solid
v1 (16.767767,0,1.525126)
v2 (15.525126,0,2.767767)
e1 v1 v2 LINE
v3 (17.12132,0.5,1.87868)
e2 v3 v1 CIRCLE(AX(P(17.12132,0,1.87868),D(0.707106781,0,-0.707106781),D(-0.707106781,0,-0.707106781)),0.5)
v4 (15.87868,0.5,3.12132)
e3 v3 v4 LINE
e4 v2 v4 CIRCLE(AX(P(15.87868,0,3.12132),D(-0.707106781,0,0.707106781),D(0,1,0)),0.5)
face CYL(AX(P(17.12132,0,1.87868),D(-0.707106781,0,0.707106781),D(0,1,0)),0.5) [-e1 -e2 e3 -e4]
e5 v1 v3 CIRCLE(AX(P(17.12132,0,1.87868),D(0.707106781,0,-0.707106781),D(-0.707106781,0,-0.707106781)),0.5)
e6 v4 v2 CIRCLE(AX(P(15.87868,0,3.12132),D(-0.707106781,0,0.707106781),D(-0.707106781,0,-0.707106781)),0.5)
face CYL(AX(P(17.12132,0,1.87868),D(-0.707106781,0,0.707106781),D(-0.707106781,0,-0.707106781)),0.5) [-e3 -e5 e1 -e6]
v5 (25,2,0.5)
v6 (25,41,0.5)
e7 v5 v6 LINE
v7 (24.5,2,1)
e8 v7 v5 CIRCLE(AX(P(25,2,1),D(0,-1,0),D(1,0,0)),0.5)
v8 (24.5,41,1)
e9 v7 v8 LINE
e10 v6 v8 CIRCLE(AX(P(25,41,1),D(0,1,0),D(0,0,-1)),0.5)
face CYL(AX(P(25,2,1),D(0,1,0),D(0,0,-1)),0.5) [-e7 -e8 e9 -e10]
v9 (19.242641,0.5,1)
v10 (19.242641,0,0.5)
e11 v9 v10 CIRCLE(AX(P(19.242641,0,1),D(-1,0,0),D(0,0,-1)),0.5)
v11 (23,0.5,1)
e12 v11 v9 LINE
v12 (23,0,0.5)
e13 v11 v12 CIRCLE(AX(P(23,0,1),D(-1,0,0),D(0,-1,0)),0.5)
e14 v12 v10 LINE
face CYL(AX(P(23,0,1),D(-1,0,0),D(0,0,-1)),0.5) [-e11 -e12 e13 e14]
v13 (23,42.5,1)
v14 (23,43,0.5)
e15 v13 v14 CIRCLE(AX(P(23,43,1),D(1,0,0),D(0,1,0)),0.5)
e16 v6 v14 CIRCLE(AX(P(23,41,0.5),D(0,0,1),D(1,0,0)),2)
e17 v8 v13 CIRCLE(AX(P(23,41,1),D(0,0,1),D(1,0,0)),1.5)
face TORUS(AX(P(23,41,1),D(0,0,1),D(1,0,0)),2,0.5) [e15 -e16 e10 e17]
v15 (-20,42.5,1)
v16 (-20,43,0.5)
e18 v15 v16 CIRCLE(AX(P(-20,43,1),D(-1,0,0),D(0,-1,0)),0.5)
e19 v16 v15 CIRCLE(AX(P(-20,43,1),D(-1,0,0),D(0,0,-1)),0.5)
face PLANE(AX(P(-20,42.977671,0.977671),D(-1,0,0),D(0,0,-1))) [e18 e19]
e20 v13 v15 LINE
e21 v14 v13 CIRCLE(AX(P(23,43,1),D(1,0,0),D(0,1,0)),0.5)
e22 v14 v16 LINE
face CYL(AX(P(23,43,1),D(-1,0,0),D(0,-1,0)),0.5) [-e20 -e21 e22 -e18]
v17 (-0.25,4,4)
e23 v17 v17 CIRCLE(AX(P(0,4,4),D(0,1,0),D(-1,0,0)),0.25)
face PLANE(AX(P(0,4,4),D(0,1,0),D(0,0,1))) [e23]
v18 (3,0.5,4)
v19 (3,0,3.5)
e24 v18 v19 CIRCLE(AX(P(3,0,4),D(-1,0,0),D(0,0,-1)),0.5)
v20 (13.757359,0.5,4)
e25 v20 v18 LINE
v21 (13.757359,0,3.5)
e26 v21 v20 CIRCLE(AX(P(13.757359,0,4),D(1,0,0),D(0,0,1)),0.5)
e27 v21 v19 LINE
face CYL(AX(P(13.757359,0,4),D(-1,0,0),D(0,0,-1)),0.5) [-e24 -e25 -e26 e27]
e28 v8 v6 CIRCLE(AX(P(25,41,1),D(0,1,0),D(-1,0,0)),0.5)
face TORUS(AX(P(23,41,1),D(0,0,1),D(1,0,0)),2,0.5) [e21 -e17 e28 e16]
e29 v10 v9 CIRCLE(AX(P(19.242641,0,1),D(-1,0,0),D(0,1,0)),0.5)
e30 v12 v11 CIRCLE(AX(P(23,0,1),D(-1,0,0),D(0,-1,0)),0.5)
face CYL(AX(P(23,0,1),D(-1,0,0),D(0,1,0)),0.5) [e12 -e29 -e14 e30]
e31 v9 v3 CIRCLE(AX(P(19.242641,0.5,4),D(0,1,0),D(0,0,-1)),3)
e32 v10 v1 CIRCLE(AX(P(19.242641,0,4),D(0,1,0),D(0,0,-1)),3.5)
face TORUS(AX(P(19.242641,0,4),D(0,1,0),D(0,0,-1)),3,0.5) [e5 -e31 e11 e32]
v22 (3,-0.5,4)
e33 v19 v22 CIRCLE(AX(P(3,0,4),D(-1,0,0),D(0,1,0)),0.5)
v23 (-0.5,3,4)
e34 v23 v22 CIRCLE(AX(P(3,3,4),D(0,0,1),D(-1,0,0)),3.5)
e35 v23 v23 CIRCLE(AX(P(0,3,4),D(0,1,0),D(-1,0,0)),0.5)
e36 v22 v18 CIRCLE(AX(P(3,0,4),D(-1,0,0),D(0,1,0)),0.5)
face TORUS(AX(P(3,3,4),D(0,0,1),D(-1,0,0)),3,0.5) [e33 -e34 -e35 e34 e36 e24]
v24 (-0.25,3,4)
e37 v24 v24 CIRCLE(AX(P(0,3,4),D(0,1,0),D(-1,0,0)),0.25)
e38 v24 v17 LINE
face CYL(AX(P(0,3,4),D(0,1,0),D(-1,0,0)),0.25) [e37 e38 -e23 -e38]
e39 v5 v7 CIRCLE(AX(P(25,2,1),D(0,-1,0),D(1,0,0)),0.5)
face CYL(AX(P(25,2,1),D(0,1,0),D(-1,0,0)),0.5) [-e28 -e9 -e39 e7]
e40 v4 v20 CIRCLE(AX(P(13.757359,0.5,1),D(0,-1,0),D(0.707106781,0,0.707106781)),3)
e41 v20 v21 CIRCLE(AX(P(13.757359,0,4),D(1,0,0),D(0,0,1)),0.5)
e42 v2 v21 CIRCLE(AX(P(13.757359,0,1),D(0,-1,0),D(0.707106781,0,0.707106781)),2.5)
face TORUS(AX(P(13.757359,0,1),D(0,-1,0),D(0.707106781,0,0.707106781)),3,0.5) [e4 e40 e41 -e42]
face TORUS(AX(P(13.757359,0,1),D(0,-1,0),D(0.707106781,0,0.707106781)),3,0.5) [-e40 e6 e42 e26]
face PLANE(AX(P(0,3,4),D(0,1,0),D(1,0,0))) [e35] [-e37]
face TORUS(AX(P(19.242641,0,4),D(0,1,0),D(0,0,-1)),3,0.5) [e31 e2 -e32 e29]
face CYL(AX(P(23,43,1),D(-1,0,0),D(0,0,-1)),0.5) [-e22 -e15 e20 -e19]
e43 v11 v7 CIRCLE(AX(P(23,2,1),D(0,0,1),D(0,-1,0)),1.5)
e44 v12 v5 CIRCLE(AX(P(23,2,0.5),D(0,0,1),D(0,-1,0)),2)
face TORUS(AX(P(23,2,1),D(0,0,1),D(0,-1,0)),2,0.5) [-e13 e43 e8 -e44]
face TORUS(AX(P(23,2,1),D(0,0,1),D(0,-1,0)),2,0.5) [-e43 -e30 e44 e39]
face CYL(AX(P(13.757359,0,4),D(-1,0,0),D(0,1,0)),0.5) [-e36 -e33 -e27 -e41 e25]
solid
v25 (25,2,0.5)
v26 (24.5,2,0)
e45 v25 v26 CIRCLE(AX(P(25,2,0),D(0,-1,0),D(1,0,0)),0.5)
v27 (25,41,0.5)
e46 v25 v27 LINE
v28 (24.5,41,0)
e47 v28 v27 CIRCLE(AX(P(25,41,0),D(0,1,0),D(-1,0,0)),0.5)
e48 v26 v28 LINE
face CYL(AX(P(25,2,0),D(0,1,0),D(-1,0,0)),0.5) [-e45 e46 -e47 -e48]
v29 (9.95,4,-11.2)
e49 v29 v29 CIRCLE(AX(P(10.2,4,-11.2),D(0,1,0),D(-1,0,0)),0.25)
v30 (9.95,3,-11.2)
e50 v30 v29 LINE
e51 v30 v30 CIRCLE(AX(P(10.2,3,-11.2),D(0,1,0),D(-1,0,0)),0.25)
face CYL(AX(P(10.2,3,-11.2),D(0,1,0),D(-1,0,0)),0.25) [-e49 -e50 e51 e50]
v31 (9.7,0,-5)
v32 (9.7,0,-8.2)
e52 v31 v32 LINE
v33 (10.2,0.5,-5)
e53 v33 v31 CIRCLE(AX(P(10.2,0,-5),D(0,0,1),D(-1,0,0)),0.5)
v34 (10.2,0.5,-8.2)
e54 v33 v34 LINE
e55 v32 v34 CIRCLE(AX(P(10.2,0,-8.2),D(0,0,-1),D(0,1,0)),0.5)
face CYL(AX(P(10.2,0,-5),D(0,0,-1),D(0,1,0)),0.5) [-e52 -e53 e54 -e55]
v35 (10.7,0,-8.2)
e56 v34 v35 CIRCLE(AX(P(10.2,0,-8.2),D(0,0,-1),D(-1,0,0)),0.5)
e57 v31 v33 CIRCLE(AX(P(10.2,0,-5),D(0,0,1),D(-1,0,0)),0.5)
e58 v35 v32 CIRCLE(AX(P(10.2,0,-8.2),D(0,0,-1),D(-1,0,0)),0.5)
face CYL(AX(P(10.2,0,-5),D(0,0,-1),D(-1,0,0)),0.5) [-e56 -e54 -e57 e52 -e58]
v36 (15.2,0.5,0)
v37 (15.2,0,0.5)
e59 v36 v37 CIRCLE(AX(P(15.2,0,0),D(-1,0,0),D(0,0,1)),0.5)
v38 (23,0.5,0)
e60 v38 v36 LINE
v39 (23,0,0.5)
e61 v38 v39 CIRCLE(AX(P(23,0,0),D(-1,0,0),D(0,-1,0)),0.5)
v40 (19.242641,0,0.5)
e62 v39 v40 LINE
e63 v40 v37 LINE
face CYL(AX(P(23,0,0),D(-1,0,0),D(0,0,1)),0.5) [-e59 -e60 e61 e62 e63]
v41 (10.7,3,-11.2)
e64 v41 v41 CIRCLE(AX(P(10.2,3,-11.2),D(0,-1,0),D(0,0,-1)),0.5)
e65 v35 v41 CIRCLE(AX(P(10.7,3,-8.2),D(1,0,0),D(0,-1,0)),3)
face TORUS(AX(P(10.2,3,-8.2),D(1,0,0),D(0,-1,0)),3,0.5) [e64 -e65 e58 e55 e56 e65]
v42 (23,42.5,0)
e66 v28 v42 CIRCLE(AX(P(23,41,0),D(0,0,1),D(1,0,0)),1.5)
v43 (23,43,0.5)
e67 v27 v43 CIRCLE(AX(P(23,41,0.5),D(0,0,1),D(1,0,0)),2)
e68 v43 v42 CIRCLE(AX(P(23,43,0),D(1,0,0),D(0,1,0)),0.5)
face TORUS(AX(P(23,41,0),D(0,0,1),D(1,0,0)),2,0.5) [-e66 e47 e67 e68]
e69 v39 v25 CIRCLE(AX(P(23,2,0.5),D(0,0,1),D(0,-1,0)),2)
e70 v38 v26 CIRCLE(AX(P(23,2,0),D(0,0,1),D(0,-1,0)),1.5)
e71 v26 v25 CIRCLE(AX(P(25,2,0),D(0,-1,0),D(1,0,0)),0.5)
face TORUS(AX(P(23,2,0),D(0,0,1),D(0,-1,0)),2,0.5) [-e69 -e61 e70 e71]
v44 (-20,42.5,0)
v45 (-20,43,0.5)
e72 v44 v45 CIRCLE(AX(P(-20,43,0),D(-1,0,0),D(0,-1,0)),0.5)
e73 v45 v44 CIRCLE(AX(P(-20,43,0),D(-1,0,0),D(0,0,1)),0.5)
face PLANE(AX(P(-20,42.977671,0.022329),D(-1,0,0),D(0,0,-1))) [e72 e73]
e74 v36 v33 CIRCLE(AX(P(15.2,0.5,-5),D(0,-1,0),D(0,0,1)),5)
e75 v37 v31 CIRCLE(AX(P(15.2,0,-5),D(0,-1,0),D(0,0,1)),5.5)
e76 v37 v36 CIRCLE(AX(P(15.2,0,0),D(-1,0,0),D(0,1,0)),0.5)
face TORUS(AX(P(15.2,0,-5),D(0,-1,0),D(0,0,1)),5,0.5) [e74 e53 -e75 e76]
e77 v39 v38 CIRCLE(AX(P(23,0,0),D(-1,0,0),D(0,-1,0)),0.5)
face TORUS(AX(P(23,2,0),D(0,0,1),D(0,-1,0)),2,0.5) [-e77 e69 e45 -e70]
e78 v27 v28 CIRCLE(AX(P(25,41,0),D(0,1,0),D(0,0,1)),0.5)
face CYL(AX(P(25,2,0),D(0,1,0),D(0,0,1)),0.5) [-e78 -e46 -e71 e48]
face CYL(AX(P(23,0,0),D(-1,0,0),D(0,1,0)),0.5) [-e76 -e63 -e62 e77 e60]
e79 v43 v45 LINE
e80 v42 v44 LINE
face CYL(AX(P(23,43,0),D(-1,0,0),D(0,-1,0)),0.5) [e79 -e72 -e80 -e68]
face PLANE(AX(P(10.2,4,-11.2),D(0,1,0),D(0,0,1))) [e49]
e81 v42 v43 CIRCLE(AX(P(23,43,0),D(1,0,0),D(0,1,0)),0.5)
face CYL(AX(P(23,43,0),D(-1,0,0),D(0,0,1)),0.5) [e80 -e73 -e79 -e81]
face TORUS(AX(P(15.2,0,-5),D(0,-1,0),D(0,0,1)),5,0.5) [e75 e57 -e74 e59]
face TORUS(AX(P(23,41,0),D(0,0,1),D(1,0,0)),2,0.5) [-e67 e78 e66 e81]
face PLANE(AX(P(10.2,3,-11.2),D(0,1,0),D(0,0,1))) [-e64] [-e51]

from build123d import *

# Parameters (mm, degrees)
F5_FACE_R  = 0.5
F10_FACE_R = 0.5
F14_R      = 0.25


with BuildPart() as f3:
    # F3: sweep along a path in F0
    with BuildLine(Plane.XY) as f3_path:
        ThreePointArc((23, 0), (24.4142135624, 0.5857864376), (25, 2))
        Line((25, 2), (25, 41))
        ThreePointArc((25, 41), (24.4142135624, 42.4142135624), (23, 43))
        Line((23, 43), (-20, 43))
    # F2 (on plane+point) → F3 (sweep)
    with BuildSketch(Plane.YZ.offset(23)):
        with BuildLine():
            ThreePointArc((0, 0.5), (-0.3535533906, -0.3535533906), (0.5, 0))
            ThreePointArc((0.5, 0), (0.3535533906, 0.3535533906), (0, 0.5))
        make_face()
        with BuildLine():
            ThreePointArc((0.5, 1), (-0.3535533906, 1.3535533906), (0, 0.5))
            ThreePointArc((0, 0.5), (0.3535533906, 0.6464466094), (0.5, 1))
        make_face()
    sweep(path=f3_path.line)

    # F5: sweep along a path in F4
    with BuildLine(Plane.XZ) as f5_path:
        Line((23, 1), (19.2426406871, 1))
        ThreePointArc((19.2426406871, 1), (18.09459039, 1.2283614025), (17.1213203436, 1.8786796564))
        Line((17.1213203436, 1.8786796564), (15.8786796564, 3.1213203436))
        ThreePointArc((15.8786796564, 3.1213203436), (14.90540961, 3.7716385975), (13.7573593129, 4))
        Line((13.7573593129, 4), (3, 4))
    # F2 (on plane+point) → F5 (sweep)
    with BuildSketch(Plane.YZ.offset(23)):
        with BuildLine():
            ThreePointArc((0.5, 1), (-0.3535533906, 1.3535533906), (0, 0.5))
            ThreePointArc((0, 0.5), (0.3535533906, 0.6464466094), (0.5, 1))
        make_face()
    sweep(path=f5_path.line)

    # F8: sweep along a path in F7
    with BuildLine(Plane.XY.offset(4)) as f8_path:
        ThreePointArc((0, 3), (0.8786796564, 0.8786796564), (3, 0))
    # F5_face (on face) → F8 (sweep)
    with BuildSketch(Plane(origin=(3, 0, 4), x_dir=(0, -1, 0), z_dir=(-1, 0, 0))):
        Circle(F5_FACE_R)
    sweep(path=f8_path.line)

    # F10: sweep along a path in F9
    with BuildLine(Plane.XZ) as f10_path:
        Line((23, 0), (15.2, 0))
        ThreePointArc((15.2, 0), (11.6644660941, -1.4644660941), (10.2, -5))
        Line((10.2, -5), (10.2, -8.2))
    # F2 (on plane+point) → F10 (sweep)
    with BuildSketch(Plane.YZ.offset(23)):
        with BuildLine():
            ThreePointArc((0, 0.5), (-0.3535533906, -0.3535533906), (0.5, 0))
            ThreePointArc((0.5, 0), (0.3535533906, 0.3535533906), (0, 0.5))
        make_face()
    sweep(path=f10_path.line)

    # F13: sweep along a path in F12
    with BuildLine(Plane.YZ.offset(10.2)) as f13_path:
        ThreePointArc((0, -8.2), (0.8786796564, -10.3213203436), (3, -11.2))
    # F10_face (on face) → F13 (sweep)
    with BuildSketch(Plane(origin=(10.2, 0, -8.2), x_dir=(1, 0, 0), z_dir=(0, 0, -1))):
        Circle(F10_FACE_R)
    sweep(path=f13_path.line)

    # F15: sweep along a path in F7
    with BuildLine(Plane.XY.offset(4)) as f15_path:
        Line((0, 3), (0, 4))
    # F14 (on face) → F15 (sweep)
    with BuildSketch(Plane(origin=(0, 3, 0), x_dir=(-1, 0, 0), z_dir=(0, 1, 0))):
        with Locations((0, 4)):
            Circle(F14_R)
        with Locations((-10.2, -11.2)):
            Circle(F14_R)
    sweep(path=f15_path.line)


solid = f3.part
